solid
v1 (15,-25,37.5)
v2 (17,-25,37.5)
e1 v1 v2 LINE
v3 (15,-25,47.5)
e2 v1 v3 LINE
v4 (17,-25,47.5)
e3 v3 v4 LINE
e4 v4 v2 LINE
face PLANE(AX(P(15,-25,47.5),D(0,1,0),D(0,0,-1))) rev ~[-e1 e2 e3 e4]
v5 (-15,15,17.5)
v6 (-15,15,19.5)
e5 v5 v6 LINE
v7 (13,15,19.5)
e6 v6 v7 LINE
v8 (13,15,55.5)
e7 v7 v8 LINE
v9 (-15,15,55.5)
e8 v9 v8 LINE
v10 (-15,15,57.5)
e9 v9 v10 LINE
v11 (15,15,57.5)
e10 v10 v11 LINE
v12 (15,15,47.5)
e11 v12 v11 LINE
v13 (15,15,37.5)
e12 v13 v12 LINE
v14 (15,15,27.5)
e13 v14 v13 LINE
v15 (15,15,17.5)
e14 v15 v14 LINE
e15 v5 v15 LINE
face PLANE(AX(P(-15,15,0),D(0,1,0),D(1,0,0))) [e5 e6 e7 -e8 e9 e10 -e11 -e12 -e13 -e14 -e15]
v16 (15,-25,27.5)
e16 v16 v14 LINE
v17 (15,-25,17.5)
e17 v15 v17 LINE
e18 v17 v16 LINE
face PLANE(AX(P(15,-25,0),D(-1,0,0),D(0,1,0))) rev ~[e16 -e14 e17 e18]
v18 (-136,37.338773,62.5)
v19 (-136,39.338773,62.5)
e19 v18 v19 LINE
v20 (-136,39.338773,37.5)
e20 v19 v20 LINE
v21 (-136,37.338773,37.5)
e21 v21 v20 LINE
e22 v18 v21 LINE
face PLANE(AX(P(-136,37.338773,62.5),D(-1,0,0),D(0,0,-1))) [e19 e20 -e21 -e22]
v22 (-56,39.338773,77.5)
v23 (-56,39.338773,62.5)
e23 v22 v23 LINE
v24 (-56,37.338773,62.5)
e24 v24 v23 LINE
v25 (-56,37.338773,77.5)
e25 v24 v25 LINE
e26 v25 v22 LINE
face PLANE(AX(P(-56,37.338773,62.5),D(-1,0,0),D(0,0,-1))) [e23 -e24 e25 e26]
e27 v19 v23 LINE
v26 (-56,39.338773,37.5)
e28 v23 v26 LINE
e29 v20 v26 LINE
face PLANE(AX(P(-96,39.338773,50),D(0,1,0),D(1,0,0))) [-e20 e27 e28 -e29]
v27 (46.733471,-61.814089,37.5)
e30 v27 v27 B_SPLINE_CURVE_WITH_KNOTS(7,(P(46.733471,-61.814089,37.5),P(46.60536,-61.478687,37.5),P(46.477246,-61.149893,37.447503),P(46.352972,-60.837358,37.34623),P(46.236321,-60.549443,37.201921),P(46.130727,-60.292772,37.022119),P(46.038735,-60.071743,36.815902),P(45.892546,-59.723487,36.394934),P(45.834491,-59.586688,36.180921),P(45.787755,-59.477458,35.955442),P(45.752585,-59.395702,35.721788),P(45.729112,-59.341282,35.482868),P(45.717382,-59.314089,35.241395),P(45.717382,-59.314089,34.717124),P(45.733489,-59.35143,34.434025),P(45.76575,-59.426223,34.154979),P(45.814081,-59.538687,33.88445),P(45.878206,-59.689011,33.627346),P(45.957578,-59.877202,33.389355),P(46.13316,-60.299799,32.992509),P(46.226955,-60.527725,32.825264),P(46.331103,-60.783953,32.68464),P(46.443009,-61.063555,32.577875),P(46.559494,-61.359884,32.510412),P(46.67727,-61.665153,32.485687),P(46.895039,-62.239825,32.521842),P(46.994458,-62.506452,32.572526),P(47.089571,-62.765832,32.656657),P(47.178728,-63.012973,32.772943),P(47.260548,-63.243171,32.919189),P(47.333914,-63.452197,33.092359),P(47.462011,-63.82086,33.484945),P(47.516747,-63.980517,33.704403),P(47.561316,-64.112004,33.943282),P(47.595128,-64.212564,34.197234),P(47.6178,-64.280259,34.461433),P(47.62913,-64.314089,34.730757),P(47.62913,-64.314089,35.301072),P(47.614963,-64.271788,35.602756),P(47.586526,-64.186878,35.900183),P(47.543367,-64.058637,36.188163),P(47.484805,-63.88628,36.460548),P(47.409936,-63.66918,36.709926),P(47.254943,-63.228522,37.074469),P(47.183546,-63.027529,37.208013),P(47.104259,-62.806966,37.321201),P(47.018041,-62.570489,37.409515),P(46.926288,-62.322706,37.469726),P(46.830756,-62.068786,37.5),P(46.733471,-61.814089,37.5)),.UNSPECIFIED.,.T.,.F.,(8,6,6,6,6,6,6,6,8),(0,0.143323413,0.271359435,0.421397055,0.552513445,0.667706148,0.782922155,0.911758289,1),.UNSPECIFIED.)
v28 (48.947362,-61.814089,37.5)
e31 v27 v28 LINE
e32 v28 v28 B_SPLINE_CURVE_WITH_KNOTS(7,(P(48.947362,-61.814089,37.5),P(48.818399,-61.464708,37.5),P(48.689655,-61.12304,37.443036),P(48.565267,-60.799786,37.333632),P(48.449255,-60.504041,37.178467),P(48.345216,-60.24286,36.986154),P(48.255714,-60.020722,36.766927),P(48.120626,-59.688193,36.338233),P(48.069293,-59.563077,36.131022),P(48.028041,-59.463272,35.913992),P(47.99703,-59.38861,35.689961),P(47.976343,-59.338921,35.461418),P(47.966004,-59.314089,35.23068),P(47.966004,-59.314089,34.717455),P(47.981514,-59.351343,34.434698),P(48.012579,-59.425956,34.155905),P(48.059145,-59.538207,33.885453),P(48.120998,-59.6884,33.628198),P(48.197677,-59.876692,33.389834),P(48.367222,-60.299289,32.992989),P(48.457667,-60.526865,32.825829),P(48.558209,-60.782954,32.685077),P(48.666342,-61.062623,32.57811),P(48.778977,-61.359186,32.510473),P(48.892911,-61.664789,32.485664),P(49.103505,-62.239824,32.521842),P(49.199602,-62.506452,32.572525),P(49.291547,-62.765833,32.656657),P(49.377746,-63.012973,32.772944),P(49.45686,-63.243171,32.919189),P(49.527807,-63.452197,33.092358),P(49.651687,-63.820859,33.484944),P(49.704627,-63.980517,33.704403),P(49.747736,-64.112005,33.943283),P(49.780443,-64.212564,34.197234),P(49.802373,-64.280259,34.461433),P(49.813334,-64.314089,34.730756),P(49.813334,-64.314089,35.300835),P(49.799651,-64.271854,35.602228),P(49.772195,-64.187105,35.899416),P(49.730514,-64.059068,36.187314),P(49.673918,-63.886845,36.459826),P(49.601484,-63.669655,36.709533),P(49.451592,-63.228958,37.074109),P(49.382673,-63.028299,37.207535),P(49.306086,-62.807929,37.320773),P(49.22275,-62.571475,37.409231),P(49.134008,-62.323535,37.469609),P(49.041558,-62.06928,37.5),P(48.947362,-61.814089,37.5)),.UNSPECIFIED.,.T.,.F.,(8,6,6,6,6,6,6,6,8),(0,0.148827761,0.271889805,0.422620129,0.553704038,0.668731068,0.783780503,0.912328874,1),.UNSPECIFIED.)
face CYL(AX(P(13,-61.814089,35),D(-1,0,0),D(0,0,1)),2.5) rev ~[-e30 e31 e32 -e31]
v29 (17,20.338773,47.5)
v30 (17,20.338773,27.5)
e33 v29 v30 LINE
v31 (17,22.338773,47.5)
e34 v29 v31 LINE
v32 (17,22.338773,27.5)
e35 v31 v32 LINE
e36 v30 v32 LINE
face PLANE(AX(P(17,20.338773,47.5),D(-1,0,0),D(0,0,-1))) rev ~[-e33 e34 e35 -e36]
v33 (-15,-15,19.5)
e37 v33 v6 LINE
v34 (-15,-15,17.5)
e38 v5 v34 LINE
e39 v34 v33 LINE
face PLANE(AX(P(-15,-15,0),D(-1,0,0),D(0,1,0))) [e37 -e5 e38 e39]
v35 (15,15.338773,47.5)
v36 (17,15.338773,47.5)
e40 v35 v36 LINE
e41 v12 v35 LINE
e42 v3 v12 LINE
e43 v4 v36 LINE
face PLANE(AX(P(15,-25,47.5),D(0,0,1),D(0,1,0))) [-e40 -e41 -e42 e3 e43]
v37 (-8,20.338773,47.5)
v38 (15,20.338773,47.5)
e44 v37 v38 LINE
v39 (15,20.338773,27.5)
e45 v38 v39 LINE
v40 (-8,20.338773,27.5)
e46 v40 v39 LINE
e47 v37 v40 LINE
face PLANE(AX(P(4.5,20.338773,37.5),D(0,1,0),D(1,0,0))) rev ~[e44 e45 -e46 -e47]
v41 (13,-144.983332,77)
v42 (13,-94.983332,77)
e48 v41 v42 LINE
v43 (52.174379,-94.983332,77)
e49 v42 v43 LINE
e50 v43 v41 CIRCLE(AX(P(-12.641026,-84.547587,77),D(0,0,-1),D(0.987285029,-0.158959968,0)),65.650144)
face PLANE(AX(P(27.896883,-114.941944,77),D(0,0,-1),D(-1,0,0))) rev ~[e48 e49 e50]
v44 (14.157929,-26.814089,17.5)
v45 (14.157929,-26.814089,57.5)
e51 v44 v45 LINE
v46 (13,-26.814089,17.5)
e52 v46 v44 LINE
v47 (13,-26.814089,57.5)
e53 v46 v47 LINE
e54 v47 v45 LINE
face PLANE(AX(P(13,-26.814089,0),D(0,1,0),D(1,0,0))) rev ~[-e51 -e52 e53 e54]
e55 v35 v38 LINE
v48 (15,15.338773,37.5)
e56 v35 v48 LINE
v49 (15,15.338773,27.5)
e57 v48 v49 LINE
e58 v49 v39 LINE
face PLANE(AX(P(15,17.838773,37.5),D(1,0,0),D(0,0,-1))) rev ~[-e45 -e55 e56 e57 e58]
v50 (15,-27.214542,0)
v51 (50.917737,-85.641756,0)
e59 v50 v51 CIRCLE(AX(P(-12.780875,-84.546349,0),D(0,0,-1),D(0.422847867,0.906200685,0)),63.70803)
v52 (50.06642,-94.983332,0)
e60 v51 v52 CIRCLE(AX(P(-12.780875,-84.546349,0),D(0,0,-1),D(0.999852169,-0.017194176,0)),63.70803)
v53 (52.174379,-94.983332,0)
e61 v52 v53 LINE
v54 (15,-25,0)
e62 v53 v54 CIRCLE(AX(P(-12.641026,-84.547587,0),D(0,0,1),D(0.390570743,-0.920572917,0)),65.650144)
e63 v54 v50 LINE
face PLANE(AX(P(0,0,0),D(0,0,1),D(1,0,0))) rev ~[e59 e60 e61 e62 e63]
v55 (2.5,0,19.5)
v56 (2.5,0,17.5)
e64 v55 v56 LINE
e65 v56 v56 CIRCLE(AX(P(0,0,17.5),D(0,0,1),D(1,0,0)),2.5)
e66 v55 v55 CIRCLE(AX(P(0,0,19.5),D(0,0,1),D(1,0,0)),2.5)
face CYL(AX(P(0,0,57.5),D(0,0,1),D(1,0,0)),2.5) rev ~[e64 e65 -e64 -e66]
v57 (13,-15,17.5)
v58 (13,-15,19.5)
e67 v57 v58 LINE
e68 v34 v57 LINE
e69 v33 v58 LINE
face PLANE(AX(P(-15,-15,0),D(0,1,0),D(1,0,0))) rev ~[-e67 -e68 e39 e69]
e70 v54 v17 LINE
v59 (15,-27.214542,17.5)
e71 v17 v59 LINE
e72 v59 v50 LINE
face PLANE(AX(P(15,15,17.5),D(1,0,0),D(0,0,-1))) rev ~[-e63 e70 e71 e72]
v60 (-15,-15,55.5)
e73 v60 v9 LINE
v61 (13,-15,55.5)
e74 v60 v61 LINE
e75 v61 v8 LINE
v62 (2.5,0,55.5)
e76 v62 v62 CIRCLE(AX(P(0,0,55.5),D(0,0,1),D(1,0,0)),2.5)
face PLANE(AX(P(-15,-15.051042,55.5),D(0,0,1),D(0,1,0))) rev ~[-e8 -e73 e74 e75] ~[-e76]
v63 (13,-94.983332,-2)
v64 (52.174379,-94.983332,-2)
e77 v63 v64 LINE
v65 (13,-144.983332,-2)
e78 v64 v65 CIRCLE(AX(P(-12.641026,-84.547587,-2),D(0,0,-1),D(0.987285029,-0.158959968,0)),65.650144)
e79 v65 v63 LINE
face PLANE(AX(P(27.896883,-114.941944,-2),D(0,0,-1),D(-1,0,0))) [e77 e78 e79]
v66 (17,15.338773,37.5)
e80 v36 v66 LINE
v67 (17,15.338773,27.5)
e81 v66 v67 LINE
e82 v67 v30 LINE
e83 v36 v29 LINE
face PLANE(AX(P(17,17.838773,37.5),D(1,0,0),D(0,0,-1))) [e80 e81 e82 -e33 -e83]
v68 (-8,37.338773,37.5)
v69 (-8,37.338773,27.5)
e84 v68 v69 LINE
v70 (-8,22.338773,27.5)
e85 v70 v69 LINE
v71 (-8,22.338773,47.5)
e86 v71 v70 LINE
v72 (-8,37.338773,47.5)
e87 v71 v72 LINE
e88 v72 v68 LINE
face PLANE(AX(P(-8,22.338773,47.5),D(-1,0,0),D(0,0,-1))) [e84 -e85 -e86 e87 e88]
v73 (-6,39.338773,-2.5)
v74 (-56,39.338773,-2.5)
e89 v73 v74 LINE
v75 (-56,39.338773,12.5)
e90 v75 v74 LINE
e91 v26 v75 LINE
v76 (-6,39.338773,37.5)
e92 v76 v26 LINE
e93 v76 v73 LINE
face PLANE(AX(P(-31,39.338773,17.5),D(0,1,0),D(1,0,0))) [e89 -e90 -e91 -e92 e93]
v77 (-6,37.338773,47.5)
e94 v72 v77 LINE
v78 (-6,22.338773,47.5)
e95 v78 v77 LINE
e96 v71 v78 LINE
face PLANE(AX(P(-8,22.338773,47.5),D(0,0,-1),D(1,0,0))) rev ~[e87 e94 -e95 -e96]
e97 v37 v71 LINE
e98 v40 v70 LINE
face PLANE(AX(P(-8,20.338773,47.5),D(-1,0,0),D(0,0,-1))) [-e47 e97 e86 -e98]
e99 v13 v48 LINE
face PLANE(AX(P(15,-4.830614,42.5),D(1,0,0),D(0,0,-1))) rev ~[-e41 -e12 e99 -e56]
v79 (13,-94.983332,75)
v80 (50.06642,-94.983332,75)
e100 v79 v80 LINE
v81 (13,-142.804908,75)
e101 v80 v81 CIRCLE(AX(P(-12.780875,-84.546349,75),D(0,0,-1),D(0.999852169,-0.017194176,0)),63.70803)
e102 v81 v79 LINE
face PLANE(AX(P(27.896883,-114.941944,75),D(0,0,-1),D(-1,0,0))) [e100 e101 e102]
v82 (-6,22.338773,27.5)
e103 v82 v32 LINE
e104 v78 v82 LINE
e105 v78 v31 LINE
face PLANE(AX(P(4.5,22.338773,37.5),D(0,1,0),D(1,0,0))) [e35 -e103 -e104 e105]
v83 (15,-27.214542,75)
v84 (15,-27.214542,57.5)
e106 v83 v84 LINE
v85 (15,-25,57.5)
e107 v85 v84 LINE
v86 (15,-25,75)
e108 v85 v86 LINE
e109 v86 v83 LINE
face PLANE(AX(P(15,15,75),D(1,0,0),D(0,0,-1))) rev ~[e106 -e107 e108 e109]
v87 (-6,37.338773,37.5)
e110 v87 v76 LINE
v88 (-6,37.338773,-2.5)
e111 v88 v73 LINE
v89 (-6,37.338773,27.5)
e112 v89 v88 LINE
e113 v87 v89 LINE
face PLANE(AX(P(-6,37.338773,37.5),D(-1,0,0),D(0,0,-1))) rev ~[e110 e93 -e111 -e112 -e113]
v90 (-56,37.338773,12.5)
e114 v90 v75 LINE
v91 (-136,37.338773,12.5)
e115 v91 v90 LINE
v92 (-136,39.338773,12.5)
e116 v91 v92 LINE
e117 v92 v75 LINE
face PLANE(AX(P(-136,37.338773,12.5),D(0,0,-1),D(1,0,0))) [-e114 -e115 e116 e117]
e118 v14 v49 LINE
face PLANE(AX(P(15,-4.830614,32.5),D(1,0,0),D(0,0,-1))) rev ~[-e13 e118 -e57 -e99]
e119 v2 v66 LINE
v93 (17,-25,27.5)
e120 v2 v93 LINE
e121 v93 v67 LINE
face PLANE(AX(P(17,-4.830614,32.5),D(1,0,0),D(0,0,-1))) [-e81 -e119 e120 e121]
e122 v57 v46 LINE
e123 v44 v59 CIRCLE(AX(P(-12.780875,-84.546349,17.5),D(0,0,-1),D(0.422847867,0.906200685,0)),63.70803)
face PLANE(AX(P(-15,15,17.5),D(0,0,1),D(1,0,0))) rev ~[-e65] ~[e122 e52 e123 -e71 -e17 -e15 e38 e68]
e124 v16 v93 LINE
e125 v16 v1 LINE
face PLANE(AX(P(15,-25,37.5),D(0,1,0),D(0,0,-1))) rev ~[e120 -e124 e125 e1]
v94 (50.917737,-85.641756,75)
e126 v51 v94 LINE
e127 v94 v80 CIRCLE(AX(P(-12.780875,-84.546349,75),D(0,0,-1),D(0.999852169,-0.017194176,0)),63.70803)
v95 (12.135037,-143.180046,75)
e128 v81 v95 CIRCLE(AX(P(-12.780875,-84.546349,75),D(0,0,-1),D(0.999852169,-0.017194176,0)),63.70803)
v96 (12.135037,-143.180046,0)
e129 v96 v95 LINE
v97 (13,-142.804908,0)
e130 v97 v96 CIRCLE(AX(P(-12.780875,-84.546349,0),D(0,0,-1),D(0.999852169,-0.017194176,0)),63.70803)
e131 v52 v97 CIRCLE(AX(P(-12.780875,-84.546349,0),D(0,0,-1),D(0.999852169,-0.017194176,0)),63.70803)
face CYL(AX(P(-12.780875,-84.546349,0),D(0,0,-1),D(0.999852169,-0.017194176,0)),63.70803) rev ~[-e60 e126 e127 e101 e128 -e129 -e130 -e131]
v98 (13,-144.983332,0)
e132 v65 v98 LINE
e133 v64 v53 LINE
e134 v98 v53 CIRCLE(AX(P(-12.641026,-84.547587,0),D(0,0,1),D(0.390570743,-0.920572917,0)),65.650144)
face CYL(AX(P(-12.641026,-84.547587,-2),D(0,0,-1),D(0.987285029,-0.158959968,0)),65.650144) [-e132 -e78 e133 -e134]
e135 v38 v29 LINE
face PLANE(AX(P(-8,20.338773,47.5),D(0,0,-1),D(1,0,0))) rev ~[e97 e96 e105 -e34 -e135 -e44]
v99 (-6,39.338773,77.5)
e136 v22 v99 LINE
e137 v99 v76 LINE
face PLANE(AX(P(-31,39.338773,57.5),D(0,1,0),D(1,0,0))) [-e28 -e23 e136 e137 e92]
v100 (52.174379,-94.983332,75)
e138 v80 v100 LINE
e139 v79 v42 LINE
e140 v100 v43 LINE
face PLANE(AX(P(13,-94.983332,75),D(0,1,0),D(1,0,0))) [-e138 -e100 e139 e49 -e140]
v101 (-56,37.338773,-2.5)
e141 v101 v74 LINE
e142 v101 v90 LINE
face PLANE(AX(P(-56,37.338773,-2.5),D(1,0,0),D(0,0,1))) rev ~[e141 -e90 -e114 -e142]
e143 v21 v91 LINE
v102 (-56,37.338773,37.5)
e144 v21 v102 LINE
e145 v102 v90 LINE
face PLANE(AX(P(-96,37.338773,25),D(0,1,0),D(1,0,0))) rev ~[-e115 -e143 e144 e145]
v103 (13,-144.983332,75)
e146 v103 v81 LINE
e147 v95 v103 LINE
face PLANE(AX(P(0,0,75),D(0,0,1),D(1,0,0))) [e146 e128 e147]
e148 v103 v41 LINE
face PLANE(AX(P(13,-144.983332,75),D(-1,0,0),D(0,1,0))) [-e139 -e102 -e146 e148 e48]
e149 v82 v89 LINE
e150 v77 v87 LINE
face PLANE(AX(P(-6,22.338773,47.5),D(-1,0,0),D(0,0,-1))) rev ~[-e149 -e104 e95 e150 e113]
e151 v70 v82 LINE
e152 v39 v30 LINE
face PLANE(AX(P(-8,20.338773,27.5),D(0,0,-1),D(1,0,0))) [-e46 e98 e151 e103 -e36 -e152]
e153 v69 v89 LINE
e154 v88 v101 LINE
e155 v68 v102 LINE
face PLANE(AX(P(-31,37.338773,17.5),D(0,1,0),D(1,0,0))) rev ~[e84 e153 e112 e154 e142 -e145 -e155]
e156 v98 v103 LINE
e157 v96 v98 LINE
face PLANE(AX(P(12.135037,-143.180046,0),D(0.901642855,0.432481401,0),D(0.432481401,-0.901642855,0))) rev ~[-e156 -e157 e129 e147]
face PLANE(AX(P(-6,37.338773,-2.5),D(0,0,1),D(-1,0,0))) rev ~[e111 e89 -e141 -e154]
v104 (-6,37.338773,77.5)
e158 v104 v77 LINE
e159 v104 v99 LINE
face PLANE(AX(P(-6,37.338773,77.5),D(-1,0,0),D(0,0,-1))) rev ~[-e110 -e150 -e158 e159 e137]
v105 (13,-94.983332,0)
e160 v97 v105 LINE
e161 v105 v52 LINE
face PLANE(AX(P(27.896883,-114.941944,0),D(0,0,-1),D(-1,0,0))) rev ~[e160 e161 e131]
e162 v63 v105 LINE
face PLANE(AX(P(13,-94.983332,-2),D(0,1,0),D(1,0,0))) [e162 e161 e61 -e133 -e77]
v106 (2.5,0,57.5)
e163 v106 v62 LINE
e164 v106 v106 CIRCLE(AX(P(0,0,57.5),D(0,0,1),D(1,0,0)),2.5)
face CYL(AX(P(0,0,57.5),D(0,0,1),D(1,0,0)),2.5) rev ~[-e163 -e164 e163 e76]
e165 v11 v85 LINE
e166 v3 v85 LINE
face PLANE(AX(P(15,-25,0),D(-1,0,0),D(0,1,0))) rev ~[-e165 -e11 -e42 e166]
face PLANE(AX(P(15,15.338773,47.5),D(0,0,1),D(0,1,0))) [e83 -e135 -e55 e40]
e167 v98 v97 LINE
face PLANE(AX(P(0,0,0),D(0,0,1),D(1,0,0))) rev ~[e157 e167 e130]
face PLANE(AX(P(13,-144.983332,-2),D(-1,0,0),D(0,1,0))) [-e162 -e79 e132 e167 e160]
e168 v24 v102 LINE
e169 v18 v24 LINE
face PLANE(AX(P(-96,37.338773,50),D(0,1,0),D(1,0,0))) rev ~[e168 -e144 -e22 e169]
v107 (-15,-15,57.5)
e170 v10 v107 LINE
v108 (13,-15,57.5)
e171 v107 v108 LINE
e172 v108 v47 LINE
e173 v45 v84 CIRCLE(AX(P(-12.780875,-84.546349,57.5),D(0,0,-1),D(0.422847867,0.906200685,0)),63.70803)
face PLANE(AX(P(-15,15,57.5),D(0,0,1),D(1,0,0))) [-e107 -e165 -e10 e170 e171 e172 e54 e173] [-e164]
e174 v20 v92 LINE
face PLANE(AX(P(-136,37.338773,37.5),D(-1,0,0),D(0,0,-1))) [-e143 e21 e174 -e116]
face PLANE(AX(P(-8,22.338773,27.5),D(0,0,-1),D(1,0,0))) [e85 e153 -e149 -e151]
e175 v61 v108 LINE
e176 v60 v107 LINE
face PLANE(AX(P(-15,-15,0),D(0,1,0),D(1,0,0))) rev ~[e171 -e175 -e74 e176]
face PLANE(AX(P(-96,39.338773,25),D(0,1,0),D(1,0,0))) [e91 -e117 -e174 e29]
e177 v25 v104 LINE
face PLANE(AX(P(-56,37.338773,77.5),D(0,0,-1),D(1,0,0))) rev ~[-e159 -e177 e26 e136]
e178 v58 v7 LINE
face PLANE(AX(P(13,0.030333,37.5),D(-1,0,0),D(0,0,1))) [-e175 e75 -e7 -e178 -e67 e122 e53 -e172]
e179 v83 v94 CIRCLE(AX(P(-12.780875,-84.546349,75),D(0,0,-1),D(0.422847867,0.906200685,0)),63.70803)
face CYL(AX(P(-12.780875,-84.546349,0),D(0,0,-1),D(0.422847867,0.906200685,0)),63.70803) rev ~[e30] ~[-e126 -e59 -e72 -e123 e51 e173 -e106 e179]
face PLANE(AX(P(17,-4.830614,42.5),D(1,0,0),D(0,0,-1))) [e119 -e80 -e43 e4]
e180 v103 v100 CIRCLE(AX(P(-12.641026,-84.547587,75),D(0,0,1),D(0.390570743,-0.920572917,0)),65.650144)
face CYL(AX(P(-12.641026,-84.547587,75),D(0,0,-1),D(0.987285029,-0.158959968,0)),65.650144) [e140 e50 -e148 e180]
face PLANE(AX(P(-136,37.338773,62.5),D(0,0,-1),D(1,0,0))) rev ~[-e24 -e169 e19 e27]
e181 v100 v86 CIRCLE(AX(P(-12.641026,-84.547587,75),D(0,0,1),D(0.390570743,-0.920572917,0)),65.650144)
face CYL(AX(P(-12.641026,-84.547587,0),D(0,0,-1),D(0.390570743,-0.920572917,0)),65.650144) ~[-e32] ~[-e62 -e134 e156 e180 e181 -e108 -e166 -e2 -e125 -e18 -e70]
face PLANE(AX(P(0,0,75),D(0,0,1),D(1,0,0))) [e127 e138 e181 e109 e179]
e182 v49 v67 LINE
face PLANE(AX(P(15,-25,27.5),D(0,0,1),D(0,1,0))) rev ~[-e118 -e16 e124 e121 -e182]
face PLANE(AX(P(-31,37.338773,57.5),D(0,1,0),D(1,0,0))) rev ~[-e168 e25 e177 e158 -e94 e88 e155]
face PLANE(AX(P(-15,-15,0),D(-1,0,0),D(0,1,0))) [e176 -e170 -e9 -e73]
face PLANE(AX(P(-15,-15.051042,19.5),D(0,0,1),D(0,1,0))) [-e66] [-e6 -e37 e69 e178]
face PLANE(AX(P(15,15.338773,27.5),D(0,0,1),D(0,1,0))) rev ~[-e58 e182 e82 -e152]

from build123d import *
from build123d.topology import SkipClean

# Parameters (mm, degrees)
SKETCH1_W           = 30
SKETCH1_H           = 30
SKETCH1_W_2         = 2
SKETCH1_H_2         = 10
BOSS_EXTRUDE1_DEPTH = 75
SKETCH2_W           = 30
SKETCH2_H           = 17.5
CUT_EXTRUDE1_DEPTH  = 75
SKETCH3_W           = 36
SKETCH3_H           = 30.162749864
CUT_EXTRUDE2_DEPTH  = 28
SKETCH5_R           = 2.5
CUT_EXTRUDE3_DEPTH  = 50
BOSS_EXTRUDE2_DEPTH = 2
BOSS_EXTRUDE3_START = 2
BOSS_EXTRUDE3_DEPTH = 2
SKETCH9_R           = 2.5
CUT_EXTRUDE4_DEPTH  = 169.967145294
SKETCH11_W          = 10
SKETCH11_H          = 40.338772632
SKETCH11_W_2        = 20
SKETCH11_H_2        = 5
BOSS_EXTRUDE4_DEPTH = 2
SKETCH13_W          = 25
SKETCH13_H          = 20
BOSS_EXTRUDE5_DEPTH = 2
SKETCH15_W          = 2
SKETCH15_H          = 20
BOSS_EXTRUDE6_DEPTH = 15
SKETCH16_W          = 80
SKETCH16_H          = 25
BOSS_EXTRUDE8_DEPTH = 2


with BuildPart() as part:
    # Sketch1 → Boss-Extrude1 (new body)
    with BuildSketch(Plane.XY):
        Rectangle(SKETCH1_W, SKETCH1_H)
        with BuildLine():
            Line((50.917737084, -85.641756384), (53, -85.641756384))
            ThreePointArc((53, -85.641756384), (42.989370072, -49.687860894), (15, -25))
            Line((15, -25), (14.157929479, -26.814088542))
            ThreePointArc((14.157929479, -26.814088542), (41.246515654, -50.786104008), (50.917737084, -85.641756384))
        make_face()
        with Locations((14, -20)):
            Rectangle(SKETCH1_W_2, SKETCH1_H_2)
        Polygon((14.157929479, -26.814088542), (15, -25), (13, -25), (13, -26.814088542), align=None)
        with BuildLine():
            Line((12.135037198, -143.180046466), (13, -144.983332176))
            ThreePointArc((13, -144.983332176), (41.796634815, -121.242036174), (53, -85.641756384))
            Line((53, -85.641756384), (50.917737084, -85.641756384))
            ThreePointArc((50.917737084, -85.641756384), (40.047121172, -120.154156399), (12.135037198, -143.180046466))
        make_face()
    extrude(amount=BOSS_EXTRUDE1_DEPTH)

    # Sketch2 → Cut-Extrude1 (cut)
    with BuildSketch(Plane(origin=(0, 15, 0), x_dir=(1, 0, 0), z_dir=(0, 1, 0))):
        with Locations((0, -8.75)):
            Rectangle(SKETCH2_W, SKETCH2_H)
        with Locations((0, -66.25)):
            Rectangle(SKETCH2_W, SKETCH2_H)
    extrude(amount=-CUT_EXTRUDE1_DEPTH, mode=Mode.SUBTRACT)

    # Sketch3 → Cut-Extrude2 (cut)
    with BuildSketch(Plane.ZY.offset(15)):
        with Locations((37.5, 0.030332794)):
            Rectangle(SKETCH3_W, SKETCH3_H)
    extrude(amount=-CUT_EXTRUDE2_DEPTH, mode=Mode.SUBTRACT)

    # Sketch5 → Cut-Extrude3 (cut)
    with BuildSketch(Plane.XY.offset(57.5)):
        Circle(SKETCH5_R)
    extrude(amount=-CUT_EXTRUDE3_DEPTH, mode=Mode.SUBTRACT)

    # Sketch6 → Boss-Extrude2 (add)
    with SkipClean():  # the faces are left unmerged after this step: merging them gives an invalid solid
        with BuildSketch(Plane.XY.offset(75)):
            with BuildLine():
                Line((13, -144.983332176), (13, -94.983332176))
                Line((13, -94.983332176), (52.174379027, -94.983332176))
                ThreePointArc((52.174379027, -94.983332176), (39.036739849, -125.036474764), (13, -144.983332176))
            make_face()
        extrude(amount=BOSS_EXTRUDE2_DEPTH)

    # Sketch7 → Boss-Extrude3 (add)
    with SkipClean():  # the faces are left unmerged after this step: merging them gives an invalid solid
        with BuildSketch(Plane(origin=(0, 0, 0), x_dir=(-1, 0, 0), z_dir=(0, 0, -1)).offset(BOSS_EXTRUDE3_START)):
            with BuildLine():
                Line((-13, -144.983332176), (-13, -94.983332176))
                Line((-13, -94.983332176), (-52.174379027, -94.983332176))
                ThreePointArc((-52.174379027, -94.983332176), (-39.036739849, -125.036474764), (-13, -144.983332176))
            make_face()
        extrude(amount=-BOSS_EXTRUDE3_DEPTH)

    # Sketch9 → Cut-Extrude4 (cut, through all)
    with SkipClean():  # the faces are left unmerged after this step: merging them gives an invalid solid
        with BuildSketch(Plane.ZY.offset(-13)):
            with Locations((35, -61.814088542)):
                Circle(SKETCH9_R)
        extrude(amount=-CUT_EXTRUDE4_DEPTH, mode=Mode.SUBTRACT)

    # Sketch11 → Boss-Extrude4 (add)
    with SkipClean():  # the faces are left unmerged after this step: merging them gives an invalid solid
        with BuildSketch(Plane(origin=(15, 0, 0), x_dir=(0, 0, -1), z_dir=(1, 0, 0))):
            with Locations((-42.5, -4.830613684)):
                Rectangle(SKETCH11_W, SKETCH11_H)
            with Locations((-32.5, -4.830613684)):
                Rectangle(SKETCH11_W, SKETCH11_H)
            with Locations((-37.5, 17.838772632)):
                Rectangle(SKETCH11_W_2, SKETCH11_H_2)
        extrude(amount=BOSS_EXTRUDE4_DEPTH)

    # Sketch13 → Boss-Extrude5 (add)
    with SkipClean():  # the faces are left unmerged after this step: merging them gives an invalid solid
        with BuildSketch(Plane(origin=(0, 20.338772632, 0), x_dir=(1, 0, 0), z_dir=(0, 1, 0))):
            with Locations((4.5, -37.5)):
                Rectangle(SKETCH13_W, SKETCH13_H)
        extrude(amount=BOSS_EXTRUDE5_DEPTH)

    # Sketch15 → Boss-Extrude6 (add)
    with SkipClean():  # the faces are left unmerged after this step: merging them gives an invalid solid
        with BuildSketch(Plane(origin=(0, 22.338772632, 0), x_dir=(1, 0, 0), z_dir=(0, 1, 0))):
            with Locations((-7, -37.5)):
                Rectangle(SKETCH15_W, SKETCH15_H)
        extrude(amount=BOSS_EXTRUDE6_DEPTH)

    # Sketch16 → Boss-Extrude8 (add)
    with SkipClean():  # the faces are left unmerged after this step: merging them gives an invalid solid
        with BuildSketch(Plane(origin=(0, 37.338772632, 0), x_dir=(1, 0, 0), z_dir=(0, 1, 0))):
            with Locations((-96, -50)):
                Rectangle(SKETCH16_W, SKETCH16_H)
            with Locations((-96, -25)):
                Rectangle(SKETCH16_W, SKETCH16_H)
            Polygon((-6, -77.5), (-6, -37.5), (-56, -37.5), (-56, -62.5), (-56, -77.5), align=None)
            Polygon((-56, -37.5), (-6, -37.5), (-6, 2.5), (-56, 2.5), (-56, -12.5), align=None)
        extrude(amount=BOSS_EXTRUDE8_DEPTH)


solid = part.part
